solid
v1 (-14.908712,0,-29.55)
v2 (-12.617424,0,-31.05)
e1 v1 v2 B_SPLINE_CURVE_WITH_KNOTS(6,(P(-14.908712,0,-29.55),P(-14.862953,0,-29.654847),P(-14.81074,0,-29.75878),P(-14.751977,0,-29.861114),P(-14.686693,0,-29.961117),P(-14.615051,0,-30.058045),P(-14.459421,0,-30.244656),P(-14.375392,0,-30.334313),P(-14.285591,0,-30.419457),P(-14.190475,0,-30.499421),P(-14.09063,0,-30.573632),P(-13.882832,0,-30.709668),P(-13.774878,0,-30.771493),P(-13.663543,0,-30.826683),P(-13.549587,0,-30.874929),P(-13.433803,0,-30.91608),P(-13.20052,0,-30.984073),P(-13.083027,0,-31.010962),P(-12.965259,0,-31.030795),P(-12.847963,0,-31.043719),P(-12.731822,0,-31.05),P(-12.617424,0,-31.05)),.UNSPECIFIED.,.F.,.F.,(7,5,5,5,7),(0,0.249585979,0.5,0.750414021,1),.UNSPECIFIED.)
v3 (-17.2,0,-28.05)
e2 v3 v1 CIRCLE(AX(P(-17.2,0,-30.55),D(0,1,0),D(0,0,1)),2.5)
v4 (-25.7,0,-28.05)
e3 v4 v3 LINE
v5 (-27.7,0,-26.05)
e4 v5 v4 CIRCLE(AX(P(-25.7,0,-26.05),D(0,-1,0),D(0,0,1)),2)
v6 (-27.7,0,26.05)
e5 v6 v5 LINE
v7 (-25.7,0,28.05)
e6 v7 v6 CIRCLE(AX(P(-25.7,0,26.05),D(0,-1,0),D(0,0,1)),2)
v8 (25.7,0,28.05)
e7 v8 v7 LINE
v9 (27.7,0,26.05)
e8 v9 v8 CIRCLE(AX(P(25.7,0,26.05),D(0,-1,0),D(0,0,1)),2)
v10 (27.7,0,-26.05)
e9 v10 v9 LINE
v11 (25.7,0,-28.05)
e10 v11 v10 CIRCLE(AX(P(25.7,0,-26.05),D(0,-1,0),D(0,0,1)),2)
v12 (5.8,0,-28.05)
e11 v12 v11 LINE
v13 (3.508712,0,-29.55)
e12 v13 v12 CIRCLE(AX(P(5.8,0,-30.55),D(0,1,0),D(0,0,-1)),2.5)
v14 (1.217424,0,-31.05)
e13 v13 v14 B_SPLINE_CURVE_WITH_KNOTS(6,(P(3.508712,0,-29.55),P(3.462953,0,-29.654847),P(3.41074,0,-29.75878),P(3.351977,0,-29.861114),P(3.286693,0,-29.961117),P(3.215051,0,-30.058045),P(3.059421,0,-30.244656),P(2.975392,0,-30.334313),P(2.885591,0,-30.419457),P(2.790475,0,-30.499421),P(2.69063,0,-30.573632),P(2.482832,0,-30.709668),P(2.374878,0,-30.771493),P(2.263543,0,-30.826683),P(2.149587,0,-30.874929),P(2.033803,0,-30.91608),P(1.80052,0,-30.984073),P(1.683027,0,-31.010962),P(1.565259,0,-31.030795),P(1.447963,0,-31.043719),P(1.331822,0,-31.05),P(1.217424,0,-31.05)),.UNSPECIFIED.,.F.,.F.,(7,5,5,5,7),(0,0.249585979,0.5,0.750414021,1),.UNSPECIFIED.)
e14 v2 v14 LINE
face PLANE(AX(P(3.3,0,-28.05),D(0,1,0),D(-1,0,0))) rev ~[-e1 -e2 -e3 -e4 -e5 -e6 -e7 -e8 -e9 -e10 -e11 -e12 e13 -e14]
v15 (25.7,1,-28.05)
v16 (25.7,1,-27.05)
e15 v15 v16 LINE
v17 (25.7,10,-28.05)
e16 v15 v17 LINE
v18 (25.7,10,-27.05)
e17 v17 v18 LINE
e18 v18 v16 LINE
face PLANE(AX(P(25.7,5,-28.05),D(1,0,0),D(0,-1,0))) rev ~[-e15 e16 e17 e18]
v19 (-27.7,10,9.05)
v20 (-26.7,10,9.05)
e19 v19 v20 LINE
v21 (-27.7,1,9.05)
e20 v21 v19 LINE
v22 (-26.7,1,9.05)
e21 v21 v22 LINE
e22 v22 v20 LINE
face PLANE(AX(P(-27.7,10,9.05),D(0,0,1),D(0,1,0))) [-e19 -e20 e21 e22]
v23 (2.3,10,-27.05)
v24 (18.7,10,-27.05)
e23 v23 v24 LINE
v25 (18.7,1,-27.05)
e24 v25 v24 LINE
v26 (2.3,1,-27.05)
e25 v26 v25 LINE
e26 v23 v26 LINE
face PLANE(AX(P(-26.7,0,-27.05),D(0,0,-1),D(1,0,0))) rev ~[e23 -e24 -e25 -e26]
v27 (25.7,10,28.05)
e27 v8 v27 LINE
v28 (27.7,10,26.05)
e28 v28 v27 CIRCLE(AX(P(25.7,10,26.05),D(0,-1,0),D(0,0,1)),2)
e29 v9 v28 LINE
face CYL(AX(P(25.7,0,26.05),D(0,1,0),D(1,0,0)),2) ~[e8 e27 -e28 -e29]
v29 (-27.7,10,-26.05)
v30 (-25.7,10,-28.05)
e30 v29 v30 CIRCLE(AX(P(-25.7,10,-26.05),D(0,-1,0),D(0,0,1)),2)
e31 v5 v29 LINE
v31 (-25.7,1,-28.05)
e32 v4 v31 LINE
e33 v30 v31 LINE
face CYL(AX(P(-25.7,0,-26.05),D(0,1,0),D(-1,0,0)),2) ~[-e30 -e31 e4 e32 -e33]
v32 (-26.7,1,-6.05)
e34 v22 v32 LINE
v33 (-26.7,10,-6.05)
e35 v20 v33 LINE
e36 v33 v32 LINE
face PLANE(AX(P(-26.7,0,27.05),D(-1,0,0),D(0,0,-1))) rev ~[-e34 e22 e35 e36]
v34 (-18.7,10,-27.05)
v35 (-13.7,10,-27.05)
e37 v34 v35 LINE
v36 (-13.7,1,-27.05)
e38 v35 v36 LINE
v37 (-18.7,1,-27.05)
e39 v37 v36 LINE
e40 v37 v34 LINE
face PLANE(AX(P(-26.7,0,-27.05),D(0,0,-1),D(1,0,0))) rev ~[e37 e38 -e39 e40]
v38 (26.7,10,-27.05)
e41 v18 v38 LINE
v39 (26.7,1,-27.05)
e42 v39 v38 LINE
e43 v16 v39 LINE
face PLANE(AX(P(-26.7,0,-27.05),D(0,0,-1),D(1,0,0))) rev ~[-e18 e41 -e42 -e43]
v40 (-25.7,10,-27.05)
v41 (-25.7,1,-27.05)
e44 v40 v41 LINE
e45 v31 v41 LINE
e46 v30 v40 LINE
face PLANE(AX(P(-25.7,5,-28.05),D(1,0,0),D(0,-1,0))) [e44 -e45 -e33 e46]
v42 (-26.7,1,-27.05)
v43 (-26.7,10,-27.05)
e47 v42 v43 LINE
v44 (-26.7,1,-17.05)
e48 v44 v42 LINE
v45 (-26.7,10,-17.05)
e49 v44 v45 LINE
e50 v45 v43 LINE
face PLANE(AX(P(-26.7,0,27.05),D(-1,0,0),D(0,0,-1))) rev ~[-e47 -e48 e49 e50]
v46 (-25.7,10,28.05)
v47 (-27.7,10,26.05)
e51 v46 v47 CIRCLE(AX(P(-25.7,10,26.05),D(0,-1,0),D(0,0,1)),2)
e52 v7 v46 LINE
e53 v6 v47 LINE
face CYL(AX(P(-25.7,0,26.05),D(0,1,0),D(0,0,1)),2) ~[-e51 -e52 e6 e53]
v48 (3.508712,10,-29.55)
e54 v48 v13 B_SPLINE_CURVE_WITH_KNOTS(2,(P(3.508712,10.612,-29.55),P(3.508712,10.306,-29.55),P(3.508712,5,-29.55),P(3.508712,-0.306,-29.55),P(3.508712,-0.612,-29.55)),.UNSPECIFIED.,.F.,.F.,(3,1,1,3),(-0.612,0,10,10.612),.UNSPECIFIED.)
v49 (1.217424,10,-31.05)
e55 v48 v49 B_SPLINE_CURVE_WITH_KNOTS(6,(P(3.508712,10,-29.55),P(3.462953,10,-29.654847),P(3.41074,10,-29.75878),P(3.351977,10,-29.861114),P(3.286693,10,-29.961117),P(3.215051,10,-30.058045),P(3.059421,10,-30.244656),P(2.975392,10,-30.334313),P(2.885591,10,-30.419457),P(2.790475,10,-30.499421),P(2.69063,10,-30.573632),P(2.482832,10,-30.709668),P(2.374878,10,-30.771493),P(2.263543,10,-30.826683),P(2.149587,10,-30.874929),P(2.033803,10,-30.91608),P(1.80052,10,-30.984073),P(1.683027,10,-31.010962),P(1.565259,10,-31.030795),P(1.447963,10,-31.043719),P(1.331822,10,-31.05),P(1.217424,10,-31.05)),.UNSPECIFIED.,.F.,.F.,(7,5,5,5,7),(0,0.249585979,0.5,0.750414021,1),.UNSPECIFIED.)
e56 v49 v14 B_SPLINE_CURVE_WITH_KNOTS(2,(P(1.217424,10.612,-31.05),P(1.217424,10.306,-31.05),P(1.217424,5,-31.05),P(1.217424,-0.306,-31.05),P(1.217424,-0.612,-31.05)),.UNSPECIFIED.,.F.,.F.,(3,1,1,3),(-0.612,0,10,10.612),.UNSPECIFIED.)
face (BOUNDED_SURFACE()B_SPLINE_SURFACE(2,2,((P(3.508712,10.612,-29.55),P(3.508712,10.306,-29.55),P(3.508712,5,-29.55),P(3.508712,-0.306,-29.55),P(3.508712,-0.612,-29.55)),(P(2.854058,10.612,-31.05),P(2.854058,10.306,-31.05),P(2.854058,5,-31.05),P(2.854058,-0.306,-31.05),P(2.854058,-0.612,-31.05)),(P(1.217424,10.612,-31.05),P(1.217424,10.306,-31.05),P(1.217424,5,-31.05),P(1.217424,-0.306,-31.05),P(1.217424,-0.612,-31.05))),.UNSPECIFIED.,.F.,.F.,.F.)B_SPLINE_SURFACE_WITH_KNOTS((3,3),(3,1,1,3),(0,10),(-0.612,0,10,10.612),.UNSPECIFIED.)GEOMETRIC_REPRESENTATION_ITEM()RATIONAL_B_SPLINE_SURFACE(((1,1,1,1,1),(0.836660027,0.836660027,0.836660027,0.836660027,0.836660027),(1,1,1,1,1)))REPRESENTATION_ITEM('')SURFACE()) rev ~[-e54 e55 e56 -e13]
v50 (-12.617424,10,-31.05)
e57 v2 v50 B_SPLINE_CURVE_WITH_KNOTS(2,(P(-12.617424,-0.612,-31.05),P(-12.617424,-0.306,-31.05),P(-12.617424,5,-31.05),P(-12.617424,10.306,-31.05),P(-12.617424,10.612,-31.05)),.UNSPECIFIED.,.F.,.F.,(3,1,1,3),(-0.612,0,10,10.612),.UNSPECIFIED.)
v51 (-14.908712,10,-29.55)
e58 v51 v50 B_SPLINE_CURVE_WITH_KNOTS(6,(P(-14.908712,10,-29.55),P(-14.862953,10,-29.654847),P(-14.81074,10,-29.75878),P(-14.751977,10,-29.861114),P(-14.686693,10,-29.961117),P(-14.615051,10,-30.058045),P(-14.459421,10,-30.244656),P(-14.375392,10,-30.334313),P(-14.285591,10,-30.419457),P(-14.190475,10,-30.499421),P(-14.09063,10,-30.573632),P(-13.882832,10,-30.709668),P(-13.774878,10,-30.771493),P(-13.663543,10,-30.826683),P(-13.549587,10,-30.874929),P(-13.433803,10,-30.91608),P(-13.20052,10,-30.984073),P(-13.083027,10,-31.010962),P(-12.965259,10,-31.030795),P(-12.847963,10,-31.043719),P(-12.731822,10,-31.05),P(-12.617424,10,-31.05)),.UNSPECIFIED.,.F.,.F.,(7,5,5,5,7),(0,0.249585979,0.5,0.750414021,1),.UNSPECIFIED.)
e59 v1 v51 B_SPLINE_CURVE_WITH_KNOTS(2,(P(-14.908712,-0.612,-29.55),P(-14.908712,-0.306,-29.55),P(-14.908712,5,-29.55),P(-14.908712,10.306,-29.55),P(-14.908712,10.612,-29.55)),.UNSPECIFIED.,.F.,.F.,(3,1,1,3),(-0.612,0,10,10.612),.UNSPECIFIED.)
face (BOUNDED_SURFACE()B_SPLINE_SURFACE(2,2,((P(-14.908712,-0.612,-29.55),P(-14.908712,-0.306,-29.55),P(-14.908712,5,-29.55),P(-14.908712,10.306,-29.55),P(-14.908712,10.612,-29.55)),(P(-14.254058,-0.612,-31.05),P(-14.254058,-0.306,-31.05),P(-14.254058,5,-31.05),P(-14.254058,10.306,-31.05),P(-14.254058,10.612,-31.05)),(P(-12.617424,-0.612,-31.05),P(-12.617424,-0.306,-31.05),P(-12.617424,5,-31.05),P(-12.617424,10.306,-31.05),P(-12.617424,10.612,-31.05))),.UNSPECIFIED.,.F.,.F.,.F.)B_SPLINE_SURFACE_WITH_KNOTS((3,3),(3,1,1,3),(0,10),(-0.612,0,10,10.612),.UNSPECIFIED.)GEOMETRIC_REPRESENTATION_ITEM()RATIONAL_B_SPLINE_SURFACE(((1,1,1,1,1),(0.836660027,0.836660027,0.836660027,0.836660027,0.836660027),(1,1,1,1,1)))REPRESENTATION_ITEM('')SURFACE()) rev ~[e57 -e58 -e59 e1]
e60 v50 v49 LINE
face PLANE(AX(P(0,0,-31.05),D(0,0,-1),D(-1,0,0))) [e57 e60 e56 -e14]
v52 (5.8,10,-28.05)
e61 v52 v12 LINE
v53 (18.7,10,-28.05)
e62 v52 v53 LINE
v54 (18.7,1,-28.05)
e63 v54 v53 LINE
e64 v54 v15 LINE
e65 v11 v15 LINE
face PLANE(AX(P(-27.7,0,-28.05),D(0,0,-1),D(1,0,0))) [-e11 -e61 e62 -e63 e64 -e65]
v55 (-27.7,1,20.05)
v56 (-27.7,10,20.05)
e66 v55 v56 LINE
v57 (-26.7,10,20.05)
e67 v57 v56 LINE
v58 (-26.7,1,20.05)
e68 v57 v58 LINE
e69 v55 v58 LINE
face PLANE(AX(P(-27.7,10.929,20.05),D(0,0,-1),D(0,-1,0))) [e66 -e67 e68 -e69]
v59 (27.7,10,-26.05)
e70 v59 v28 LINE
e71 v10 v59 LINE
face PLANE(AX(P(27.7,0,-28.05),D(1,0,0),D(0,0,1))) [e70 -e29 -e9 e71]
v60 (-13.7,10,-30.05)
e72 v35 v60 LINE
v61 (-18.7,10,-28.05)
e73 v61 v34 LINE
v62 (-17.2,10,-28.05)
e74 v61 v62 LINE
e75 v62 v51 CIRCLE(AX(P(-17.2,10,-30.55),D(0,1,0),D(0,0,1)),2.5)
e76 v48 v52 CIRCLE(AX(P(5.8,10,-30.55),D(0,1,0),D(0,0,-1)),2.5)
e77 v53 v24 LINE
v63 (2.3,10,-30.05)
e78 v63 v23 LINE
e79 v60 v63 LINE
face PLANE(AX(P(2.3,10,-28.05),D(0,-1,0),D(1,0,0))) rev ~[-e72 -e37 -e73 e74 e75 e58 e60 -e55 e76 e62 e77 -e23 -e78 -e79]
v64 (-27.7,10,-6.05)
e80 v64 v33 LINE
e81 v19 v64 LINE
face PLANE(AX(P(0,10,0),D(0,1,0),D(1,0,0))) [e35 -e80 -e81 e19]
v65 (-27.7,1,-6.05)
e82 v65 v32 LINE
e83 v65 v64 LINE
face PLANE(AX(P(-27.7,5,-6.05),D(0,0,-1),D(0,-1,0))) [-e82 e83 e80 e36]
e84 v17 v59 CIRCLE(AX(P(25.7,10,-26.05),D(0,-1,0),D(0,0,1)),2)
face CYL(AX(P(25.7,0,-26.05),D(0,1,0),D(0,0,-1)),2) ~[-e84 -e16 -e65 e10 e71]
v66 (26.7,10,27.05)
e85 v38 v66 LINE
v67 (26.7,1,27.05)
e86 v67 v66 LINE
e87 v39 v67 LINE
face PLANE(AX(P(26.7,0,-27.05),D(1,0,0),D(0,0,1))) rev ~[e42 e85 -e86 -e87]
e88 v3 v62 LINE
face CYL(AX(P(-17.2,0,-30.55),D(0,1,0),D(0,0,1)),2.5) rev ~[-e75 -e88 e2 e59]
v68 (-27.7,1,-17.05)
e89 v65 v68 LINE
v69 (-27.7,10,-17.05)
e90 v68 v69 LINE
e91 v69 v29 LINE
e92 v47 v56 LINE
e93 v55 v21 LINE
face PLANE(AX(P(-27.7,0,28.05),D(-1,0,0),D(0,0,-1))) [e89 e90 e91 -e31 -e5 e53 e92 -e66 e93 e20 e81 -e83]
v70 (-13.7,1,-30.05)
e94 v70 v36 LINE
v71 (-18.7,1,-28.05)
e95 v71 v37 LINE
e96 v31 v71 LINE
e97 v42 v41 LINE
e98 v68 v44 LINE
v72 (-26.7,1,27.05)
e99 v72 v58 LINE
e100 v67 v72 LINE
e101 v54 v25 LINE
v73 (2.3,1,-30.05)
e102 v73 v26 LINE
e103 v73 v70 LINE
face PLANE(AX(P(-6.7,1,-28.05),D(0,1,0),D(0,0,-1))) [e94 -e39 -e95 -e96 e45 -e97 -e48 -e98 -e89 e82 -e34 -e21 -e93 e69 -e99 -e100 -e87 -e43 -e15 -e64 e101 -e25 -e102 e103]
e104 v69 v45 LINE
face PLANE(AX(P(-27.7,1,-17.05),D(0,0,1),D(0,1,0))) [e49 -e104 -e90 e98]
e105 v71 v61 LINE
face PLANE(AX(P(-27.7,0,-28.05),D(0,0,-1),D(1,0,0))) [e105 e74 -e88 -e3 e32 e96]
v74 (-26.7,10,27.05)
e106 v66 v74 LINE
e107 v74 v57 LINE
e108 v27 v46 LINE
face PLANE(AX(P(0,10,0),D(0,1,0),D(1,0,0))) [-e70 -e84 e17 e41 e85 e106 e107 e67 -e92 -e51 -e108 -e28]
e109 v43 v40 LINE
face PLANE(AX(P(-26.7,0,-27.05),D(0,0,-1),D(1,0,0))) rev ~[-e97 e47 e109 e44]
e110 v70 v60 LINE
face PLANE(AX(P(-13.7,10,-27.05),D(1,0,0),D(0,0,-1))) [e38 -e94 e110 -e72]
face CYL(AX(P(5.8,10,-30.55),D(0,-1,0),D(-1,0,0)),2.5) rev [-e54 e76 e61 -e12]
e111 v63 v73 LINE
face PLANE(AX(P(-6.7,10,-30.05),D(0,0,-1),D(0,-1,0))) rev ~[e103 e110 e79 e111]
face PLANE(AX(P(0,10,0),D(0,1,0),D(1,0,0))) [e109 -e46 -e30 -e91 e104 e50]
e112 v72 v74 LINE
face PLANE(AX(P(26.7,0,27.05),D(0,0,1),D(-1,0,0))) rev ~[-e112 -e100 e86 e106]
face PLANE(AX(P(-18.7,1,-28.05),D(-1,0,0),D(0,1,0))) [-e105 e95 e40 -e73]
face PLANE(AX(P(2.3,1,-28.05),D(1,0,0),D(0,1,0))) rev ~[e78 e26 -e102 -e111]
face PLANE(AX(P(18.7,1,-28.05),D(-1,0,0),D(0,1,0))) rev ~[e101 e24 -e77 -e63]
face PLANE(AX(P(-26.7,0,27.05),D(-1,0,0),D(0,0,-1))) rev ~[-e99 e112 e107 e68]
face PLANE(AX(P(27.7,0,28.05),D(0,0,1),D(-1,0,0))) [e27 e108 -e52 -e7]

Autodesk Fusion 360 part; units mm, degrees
sketch "Sketch1" plane through (0, 0, 0) normal (0, 1, 0) x (1, 0, 0)
  line L0 (26.7, -27.05) -> (-26.7, -27.05)
  line L1 (-26.7, -27.05) -> (-26.7, 27.05)
  line L2 (-26.7, 27.05) -> (26.7, 27.05)
  line L3 (26.7, 27.05) -> (26.7, -27.05)
  line L4 (26.7, -27.05) -> (-26.7, 27.05) construction
  line L5 (-26.7, -27.05) -> (26.7, 27.05) construction
  line L6 (-27.7, -28.05) -> (-27.7, 28.05)
  line L7 (-27.7, 28.05) -> (27.7, 28.05)
  line L8 (27.7, 28.05) -> (27.7, -28.05)
  line L9 (27.7, -28.05) -> (-27.7, -28.05)
  dimension "d1" = 53.4
  dimension "d2" = 54.1
  dimension "d3" = -1
extrude "Extrude2" add sketch "Sketch1" along normal blind 1 contours L0 L1 L2 L3 makes body 1
extrude "Extrude1" add sketch "Sketch1" along normal blind 10 separate body makes body 2
sketch "Sketch2" plane through (-27.7, 0, 0) normal (-1, 0, 0) x (0, 0, 1)
  line L0 (-28.05, 0) -> (28.05, 0)
  line L1 (28.05, 0) -> (28.05, 10)
  line L2 (28.05, 10) -> (-28.05, 10)
  line L3 (-28.05, 10) -> (-28.05, 0)
  line L4 (-28.05, 5) -> (-6.05, 5)
  line L5 (-13, 0) -> (-13, 1)
  line L6 (-6.05, 1) -> (-17.05, 1)
  line L7 (-17.05, 1) -> (-17.05, 10)
  line L8 (-17.05, 10) -> (-6.05, 10)
  line L9 (-6.05, 10) -> (-6.05, 1)
  dimension "d8" = 22
  dimension "d9" = 11
extrude "Extrude3" cut sketch "Sketch2" against normal blind 16 contours L4 L6 L7 L9 | L2 L4 L7 L8 L9 bodies 2
sketch "Sketch3" plane through (0, 0, -28.05) normal (0, 0, -1) x (-1, 0, 0)
  line L0 (-27.7, 0) -> (27.7, 0)
  line L1 (27.7, 0) -> (27.7, 10)
  line L2 (27.7, 10) -> (-27.7, 10)
  line L3 (-27.7, 10) -> (-27.7, 0)
  line L4 (27.7, 5) -> (25.7, 5)
  line L5 (-27.7, 5) -> (-25.7, 5)
  line L6 (-23, 0) -> (-23, 1)
  line L7 (-25.7, 1) -> (-18.7, 1)
  line L8 (-18.7, 1) -> (-18.7, 10)
  line L9 (-18.7, 10) -> (-25.7, 10)
  line L10 (-25.7, 10) -> (-25.7, 1)
  line L11 (25.7, 1) -> (18.7, 1)
  line L12 (18.7, 1) -> (18.7, 10)
  line L13 (18.7, 10) -> (25.7, 10)
  line L14 (25.7, 10) -> (25.7, 1)
  dimension "d12" = 2
  dimension "d13" = 2
  dimension "d14" = 1
  dimension "d15" = 7
  dimension "d16" = 7
extrude "Extrude4" cut sketch "Sketch3" against normal blind 23 contours L2 L7 L8 L9 L10 | L2 L11 L12 L13 L14 bodies 2
sketch "Sketch4" plane through (0, 0, 0) normal (0, 1, 0) x (1, 0, 0)
  line L0 (-18.7, 28.05) -> (-13.7, 28.05)
  line L1 (-13.7, 28.05) -> (-13.7, 30.05)
  line L2 (-13.7, 30.05) -> (-7.7, 30.05)
  line L3 (-13.7, 28.05) -> (-13.7, 27.05)
  line L4 (-7.7, 27.05) -> (-13.7, 27.05)
  line L5 (-13.7, 27.05) -> (-13.7, 30.05)
  line L6 (-13.7, 30.05) -> (-7.7, 30.05)
  line L7 (-7.7, 30.05) -> (-7.7, 27.05)
  line L8 (-14.7, 26.05) -> (-14.7, 31.05)
  line L9 (-14.7, 31.05) -> (-6.7, 31.05)
  line L10 (-6.7, 31.05) -> (-6.7, 26.05)
  line L11 (-6.7, 26.05) -> (-14.7, 26.05)
  line L12 (-14.7, 28.05) -> (-13.7, 28.05)
  line L13 (-7.7, 28.05) -> (-6.7, 28.05)
  line L14 (-13.7, 28.05) -> (-7.7, 28.05)
  dimension "d19" = 5
  dimension "d20" = 2
  dimension "d21" = 6
  dimension "d22" = 1
  dimension "d23" = -1
extrude "Extrude6" add sketch "Sketch4" along normal blind 10 contours L0 L1 L2 L5 L6 L7 L8 L9 L10 L12 L13 bodies 2
extrude "Extrude5" add sketch "Sketch4" along normal blind 1 contours L1 L2 L5 L6 L7 L14 bodies 2
sketch "Sketch5" plane through (0, 10, 0) normal (0, 1, 0) x (-1, 0, 0)
  line L0 (7.7, -28.05) -> (13.7, -28.05)
  line L1 (13.7, -28.05) -> (13.7, -30.05)
  line L2 (13.7, -30.05) -> (7.7, -30.05)
  line L3 (7.7, -30.05) -> (7.7, -28.05)
  line L4 (6.7, -28.05) -> (6.7, -31.05)
  line L5 (6.7, -31.05) -> (14.7, -31.05)
  line L6 (14.7, -31.05) -> (14.7, -28.05)
  line L7 (14.7, -28.05) -> (18.7, -28.05)
  line L8 (18.7, -28.05) -> (18.7, -27.05)
  line L9 (18.7, -27.05) -> (-18.7, -27.05)
  line L10 (-18.7, -27.05) -> (-18.7, -28.05)
  line L11 (-18.7, -28.05) -> (6.7, -28.05)
  line L12 (13.7, -28.05) -> (7.7, -28.05)
  line L13 (7.7, -28.05) -> (7.7, -27.05)
  line L14 (7.7, -27.05) -> (13.7, -27.05)
  line L15 (13.7, -27.05) -> (13.7, -28.05)
extrude "Extrude7" cut sketch "Sketch5" against normal blind 9 contours L0 L9 L12 L13 L14 L15 bodies 2
sketch "Sketch6" plane through (-27.7, 0, 0) normal (-1, 0, 0) x (0, 0, 1)
  line L0 (-6.05, 10) -> (-6.05, 1)
  line L1 (-6.05, 1) -> (-17.05, 1)
  line L2 (-17.05, 1) -> (-17.05, 10)
  line L3 (-17.05, 10) -> (-28.05, 10)
  line L4 (-28.05, 10) -> (-28.05, 0)
  line L5 (-28.05, 0) -> (28.05, 0)
  line L6 (28.05, 0) -> (28.05, 10)
  line L7 (28.05, 10) -> (-6.05, 10)
  line L8 (28.05, 5) -> (20.05, 5)
  line L9 (21, 0) -> (21, 1)
  line L10 (20.05, 1) -> (9.05, 1)
  line L11 (9.05, 1) -> (9.05, 10.929)
  line L12 (9.05, 10.929) -> (20.05, 10.929)
  line L13 (20.05, 10.929) -> (20.05, 1)
  dimension "d30" = 8
  dimension "d31" = 11
extrude "Extrude8" cut sketch "Sketch6" against normal blind 9 contours L7 L11 L12 L13 | L7 L10 L11 L13 bodies 2
combine "Combine1" operation add target body 1 tool bodies 2
sketch "Sketch7" plane through (0, 0, -27.05) normal (0, 0, 1) x (1, 0, 0)
  line L0 (-7.7, 1) -> (18.7, 1)
  line L1 (18.7, 1) -> (18.7, 10)
  line L2 (18.7, 10) -> (-7.7, 10)
  line L3 (-7.7, 10) -> (-7.7, 1)
  line L4 (-7.7, 10) -> (2.3, 10)
  line L5 (2.3, 10) -> (2.3, 1)
  line L6 (2.3, 1) -> (-7.7, 1)
  line L7 (-7.7, 1) -> (-7.7, 10)
  dimension "d34" = 10
extrude "Extrude9" cut sketch "Sketch7" against normal blind 3 contours L0 L2 L3 L4 L5 L6 L7 bodies 1
sketch "Sketch8" plane through (0, 0, 0) normal (0, 1, 0) x (1, 0, 0)
extrude "Extrude10" add 1 faces at (-6.7, 3.6667, -30.7167) along direction (1, 0, 0) blind 9 on bodies 1 bodies 1
sketch "Sketch9" plane through (0, 0, -28.05) normal (0, 0, -1) x (-1, 0, 0)
  line L0 (-2.3, 0) -> (-2.3, 1)
  line L1 (-2.3, 1) -> (-2.3, 10)
  line L2 (-2.3, 10) -> (-18.7, 10)
  line L3 (-18.7, 10) -> (-18.7, 1)
  line L4 (-18.7, 1) -> (-25.7, 1)
  line L5 (-25.7, 1) -> (-25.7, 10)
  line L6 (-25.7, 10) -> (-27.7, 10)
  line L7 (-27.7, 10) -> (-27.7, 0)
  line L8 (-27.7, 0) -> (-2.3, 0)
  line L9 (-2.3, 10) -> (-3.3, 10)
  line L10 (-3.3, 10) -> (-3.3, 0)
  line L11 (-3.3, 0) -> (-2.3, 0)
  line L12 (-2.3, 0) -> (-2.3, 10)
  dimension "d39" = 1
extrude "Extrude11" add sketch "Sketch9" along normal blind 3 contours L0 L1 L2 L8 L9 L10 L11 L12 bodies 1
fillet "Fillet1" radius 2.5 4 edges at (-14.7, 5, -28.05) (-14.7, 5, -31.05) (3.3, 5, -28.05) (3.3, 5, -31.05) on bodies 1
fillet "Fillet2" radius 2 4 edges at (-27.7, 5, 28.05) (27.7, 5, 28.05) (-27.7, 5, -28.05) (27.7, 5, -28.05) on bodies 1
